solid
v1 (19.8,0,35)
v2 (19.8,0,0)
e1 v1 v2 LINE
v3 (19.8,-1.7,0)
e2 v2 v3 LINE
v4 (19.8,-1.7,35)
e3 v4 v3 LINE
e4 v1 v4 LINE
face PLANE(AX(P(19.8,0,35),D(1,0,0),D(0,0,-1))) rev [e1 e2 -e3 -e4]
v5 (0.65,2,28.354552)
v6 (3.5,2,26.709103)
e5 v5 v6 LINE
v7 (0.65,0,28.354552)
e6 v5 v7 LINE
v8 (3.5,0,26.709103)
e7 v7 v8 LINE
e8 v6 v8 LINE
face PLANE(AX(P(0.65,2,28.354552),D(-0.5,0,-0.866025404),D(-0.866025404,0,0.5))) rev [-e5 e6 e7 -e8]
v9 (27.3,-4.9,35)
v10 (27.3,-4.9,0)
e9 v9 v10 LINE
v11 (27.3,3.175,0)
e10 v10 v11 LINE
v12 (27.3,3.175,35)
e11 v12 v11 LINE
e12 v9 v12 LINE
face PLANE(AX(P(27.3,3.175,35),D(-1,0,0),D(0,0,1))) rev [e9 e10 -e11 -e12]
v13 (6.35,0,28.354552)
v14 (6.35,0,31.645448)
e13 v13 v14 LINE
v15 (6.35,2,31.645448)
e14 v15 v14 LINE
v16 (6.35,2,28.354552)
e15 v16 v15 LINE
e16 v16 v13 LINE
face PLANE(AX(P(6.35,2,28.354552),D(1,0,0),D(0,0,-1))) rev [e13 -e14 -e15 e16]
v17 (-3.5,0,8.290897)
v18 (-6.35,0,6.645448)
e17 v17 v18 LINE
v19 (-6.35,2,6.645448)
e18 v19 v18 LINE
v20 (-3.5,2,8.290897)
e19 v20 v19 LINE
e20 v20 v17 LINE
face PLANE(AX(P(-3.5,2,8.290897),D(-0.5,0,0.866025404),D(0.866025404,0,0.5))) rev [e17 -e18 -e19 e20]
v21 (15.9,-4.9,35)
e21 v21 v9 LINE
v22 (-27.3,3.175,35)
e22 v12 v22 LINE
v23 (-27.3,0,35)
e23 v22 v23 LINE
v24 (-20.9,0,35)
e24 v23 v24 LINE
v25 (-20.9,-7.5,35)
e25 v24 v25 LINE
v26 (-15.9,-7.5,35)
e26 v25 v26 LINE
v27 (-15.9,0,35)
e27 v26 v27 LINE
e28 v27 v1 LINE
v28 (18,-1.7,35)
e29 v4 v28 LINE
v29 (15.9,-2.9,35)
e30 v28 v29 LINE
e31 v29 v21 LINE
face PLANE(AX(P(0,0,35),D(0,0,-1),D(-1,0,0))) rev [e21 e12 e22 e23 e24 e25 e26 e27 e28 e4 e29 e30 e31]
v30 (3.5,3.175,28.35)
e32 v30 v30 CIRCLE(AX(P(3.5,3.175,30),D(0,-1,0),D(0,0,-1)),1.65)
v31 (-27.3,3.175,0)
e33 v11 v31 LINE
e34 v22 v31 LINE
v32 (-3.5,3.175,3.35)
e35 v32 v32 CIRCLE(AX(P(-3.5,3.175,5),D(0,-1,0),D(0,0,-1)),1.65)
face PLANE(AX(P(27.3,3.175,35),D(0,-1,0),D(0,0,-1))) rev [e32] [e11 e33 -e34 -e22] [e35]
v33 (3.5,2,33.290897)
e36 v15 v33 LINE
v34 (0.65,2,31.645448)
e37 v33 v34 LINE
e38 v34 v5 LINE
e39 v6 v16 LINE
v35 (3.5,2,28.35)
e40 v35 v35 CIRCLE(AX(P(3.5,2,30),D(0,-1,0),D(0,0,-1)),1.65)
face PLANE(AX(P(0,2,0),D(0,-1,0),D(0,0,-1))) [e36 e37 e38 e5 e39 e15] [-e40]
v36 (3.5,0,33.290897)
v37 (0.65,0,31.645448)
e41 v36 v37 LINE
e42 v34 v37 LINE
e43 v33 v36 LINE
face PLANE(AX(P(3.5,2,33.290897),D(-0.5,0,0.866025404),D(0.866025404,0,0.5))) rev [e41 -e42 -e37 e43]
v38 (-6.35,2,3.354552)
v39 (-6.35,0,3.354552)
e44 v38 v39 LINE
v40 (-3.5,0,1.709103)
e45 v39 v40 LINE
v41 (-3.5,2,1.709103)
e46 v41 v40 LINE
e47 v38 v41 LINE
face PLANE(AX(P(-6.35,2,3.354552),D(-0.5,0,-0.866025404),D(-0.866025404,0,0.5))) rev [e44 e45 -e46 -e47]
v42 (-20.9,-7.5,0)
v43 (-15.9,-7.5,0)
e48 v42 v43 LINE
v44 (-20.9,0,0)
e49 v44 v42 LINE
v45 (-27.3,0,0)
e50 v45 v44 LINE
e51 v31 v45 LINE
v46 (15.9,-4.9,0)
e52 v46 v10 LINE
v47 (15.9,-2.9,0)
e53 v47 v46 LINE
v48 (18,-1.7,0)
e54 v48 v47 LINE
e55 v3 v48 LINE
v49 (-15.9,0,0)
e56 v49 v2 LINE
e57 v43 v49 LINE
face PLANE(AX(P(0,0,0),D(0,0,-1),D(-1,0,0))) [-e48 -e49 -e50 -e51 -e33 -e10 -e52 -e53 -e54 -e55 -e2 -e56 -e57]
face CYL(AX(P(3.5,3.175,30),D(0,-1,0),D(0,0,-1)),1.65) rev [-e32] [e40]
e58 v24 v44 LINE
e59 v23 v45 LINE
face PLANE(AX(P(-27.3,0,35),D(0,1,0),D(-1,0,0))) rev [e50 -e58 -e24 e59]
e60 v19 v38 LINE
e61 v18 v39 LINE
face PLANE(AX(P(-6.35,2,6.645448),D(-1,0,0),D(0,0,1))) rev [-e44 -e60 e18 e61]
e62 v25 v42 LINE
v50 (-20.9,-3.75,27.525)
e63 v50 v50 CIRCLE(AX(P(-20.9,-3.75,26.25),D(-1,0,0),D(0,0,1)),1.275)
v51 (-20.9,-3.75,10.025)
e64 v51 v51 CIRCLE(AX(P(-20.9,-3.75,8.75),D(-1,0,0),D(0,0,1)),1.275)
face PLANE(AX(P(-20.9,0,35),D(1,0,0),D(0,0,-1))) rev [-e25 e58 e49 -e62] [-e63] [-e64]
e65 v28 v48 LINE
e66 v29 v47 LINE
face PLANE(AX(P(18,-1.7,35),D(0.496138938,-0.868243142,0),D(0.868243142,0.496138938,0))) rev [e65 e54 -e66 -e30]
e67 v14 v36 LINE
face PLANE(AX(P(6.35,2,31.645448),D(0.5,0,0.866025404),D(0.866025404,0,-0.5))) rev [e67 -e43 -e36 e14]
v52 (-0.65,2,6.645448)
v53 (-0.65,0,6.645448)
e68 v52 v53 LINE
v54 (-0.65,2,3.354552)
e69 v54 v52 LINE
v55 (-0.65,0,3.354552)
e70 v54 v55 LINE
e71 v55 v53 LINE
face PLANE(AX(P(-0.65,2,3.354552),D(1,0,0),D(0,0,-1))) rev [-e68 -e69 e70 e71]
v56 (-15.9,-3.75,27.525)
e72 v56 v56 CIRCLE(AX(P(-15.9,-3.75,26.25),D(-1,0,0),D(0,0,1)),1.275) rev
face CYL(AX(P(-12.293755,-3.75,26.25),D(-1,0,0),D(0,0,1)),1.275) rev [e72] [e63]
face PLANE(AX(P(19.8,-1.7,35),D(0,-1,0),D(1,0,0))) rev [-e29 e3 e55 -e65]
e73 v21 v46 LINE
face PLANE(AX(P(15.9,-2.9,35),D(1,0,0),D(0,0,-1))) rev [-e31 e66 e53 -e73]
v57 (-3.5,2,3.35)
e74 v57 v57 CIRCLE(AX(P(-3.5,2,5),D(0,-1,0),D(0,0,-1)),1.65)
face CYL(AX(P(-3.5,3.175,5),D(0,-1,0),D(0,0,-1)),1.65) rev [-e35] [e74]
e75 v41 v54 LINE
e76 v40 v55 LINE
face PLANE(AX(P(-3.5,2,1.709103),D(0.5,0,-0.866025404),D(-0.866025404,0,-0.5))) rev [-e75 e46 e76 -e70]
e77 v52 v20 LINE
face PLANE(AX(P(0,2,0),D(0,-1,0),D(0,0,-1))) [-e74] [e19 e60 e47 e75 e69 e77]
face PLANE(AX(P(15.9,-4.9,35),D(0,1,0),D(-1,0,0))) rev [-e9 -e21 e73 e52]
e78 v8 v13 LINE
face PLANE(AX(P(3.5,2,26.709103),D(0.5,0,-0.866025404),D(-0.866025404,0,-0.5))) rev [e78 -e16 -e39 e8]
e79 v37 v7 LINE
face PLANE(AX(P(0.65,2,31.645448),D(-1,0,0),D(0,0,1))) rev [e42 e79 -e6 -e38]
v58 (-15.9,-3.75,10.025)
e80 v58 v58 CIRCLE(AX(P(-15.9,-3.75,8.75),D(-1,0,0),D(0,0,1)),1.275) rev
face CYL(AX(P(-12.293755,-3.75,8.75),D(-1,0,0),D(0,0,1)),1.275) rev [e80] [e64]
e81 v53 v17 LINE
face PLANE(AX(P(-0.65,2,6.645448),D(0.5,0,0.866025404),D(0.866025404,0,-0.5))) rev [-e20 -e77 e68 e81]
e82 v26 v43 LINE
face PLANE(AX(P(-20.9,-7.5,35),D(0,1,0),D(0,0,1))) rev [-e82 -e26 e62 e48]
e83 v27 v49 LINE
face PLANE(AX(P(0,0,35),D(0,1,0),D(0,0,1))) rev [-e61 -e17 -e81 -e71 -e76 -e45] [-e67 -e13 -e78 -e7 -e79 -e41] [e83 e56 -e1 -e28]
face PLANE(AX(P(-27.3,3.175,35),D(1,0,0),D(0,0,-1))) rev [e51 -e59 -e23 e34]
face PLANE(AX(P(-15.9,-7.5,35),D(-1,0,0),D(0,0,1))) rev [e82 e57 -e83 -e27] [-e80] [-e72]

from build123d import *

# Parameters (mm, degrees)
BOSS_EXTRUDE1_DEPTH = 35
SKETCH2_R           = 1.275
CUT_EXTRUDE1_DEPTH  = 5
SKETCH5_R           = 1.65
CUT_EXTRUDE2_DEPTH  = 2
SKETCH6_R           = 1.65
CUT_EXTRUDE3_DEPTH  = 4.175


with BuildPart() as part:
    # Sketch1 → Boss-Extrude1 (new body)
    with BuildSketch(Plane.XY):
        Polygon((0, 0), (19.8, 0), (19.8, -1.7), (18, -1.7), (15.9, -2.9), (15.9, -4.9), (27.3, -4.9), (27.3, 3.175), (-27.3, 3.175), (-27.3, 0), (-20.9, 0), (-20.9, -7.5), (-15.9, -7.5), (-15.9, 0), align=None)
    extrude(amount=BOSS_EXTRUDE1_DEPTH)

    # Sketch2 → Cut-Extrude1 (cut)
    with BuildSketch(Plane.ZY.offset(20.9)):
        with Locations((8.75, -3.75)):
            Circle(SKETCH2_R)
        with Locations((26.25, -3.75)):
            Circle(SKETCH2_R)
    extrude(amount=-CUT_EXTRUDE1_DEPTH, mode=Mode.SUBTRACT)

    # Sketch5 → Cut-Extrude2 (cut)
    with BuildSketch(Plane.XZ):
        Polygon((6.35, 28.354551733), (6.35, 31.645448267), (3.5, 33.290896534), (0.65, 31.645448267), (0.65, 28.354551733), (3.5, 26.709103466), align=None)
        with Locations((3.5, 30)):
            Circle(SKETCH5_R, mode=Mode.SUBTRACT)
        Polygon((-0.65, 6.645448267), (-3.5, 8.290896534), (-6.35, 6.645448267), (-6.35, 3.354551733), (-3.5, 1.709103466), (-0.65, 3.354551733), align=None)
        with Locations((-3.5, 5)):
            Circle(SKETCH5_R, mode=Mode.SUBTRACT)
    extrude(amount=-CUT_EXTRUDE2_DEPTH, mode=Mode.SUBTRACT)

    # Sketch6 → Cut-Extrude3 (cut, through all)
    with BuildSketch(Plane.XZ):
        with Locations((3.5, 30)):
            Circle(SKETCH6_R)
        with Locations((-3.5, 5)):
            Circle(SKETCH6_R)
    extrude(amount=-CUT_EXTRUDE3_DEPTH, mode=Mode.SUBTRACT)


solid = part.part
